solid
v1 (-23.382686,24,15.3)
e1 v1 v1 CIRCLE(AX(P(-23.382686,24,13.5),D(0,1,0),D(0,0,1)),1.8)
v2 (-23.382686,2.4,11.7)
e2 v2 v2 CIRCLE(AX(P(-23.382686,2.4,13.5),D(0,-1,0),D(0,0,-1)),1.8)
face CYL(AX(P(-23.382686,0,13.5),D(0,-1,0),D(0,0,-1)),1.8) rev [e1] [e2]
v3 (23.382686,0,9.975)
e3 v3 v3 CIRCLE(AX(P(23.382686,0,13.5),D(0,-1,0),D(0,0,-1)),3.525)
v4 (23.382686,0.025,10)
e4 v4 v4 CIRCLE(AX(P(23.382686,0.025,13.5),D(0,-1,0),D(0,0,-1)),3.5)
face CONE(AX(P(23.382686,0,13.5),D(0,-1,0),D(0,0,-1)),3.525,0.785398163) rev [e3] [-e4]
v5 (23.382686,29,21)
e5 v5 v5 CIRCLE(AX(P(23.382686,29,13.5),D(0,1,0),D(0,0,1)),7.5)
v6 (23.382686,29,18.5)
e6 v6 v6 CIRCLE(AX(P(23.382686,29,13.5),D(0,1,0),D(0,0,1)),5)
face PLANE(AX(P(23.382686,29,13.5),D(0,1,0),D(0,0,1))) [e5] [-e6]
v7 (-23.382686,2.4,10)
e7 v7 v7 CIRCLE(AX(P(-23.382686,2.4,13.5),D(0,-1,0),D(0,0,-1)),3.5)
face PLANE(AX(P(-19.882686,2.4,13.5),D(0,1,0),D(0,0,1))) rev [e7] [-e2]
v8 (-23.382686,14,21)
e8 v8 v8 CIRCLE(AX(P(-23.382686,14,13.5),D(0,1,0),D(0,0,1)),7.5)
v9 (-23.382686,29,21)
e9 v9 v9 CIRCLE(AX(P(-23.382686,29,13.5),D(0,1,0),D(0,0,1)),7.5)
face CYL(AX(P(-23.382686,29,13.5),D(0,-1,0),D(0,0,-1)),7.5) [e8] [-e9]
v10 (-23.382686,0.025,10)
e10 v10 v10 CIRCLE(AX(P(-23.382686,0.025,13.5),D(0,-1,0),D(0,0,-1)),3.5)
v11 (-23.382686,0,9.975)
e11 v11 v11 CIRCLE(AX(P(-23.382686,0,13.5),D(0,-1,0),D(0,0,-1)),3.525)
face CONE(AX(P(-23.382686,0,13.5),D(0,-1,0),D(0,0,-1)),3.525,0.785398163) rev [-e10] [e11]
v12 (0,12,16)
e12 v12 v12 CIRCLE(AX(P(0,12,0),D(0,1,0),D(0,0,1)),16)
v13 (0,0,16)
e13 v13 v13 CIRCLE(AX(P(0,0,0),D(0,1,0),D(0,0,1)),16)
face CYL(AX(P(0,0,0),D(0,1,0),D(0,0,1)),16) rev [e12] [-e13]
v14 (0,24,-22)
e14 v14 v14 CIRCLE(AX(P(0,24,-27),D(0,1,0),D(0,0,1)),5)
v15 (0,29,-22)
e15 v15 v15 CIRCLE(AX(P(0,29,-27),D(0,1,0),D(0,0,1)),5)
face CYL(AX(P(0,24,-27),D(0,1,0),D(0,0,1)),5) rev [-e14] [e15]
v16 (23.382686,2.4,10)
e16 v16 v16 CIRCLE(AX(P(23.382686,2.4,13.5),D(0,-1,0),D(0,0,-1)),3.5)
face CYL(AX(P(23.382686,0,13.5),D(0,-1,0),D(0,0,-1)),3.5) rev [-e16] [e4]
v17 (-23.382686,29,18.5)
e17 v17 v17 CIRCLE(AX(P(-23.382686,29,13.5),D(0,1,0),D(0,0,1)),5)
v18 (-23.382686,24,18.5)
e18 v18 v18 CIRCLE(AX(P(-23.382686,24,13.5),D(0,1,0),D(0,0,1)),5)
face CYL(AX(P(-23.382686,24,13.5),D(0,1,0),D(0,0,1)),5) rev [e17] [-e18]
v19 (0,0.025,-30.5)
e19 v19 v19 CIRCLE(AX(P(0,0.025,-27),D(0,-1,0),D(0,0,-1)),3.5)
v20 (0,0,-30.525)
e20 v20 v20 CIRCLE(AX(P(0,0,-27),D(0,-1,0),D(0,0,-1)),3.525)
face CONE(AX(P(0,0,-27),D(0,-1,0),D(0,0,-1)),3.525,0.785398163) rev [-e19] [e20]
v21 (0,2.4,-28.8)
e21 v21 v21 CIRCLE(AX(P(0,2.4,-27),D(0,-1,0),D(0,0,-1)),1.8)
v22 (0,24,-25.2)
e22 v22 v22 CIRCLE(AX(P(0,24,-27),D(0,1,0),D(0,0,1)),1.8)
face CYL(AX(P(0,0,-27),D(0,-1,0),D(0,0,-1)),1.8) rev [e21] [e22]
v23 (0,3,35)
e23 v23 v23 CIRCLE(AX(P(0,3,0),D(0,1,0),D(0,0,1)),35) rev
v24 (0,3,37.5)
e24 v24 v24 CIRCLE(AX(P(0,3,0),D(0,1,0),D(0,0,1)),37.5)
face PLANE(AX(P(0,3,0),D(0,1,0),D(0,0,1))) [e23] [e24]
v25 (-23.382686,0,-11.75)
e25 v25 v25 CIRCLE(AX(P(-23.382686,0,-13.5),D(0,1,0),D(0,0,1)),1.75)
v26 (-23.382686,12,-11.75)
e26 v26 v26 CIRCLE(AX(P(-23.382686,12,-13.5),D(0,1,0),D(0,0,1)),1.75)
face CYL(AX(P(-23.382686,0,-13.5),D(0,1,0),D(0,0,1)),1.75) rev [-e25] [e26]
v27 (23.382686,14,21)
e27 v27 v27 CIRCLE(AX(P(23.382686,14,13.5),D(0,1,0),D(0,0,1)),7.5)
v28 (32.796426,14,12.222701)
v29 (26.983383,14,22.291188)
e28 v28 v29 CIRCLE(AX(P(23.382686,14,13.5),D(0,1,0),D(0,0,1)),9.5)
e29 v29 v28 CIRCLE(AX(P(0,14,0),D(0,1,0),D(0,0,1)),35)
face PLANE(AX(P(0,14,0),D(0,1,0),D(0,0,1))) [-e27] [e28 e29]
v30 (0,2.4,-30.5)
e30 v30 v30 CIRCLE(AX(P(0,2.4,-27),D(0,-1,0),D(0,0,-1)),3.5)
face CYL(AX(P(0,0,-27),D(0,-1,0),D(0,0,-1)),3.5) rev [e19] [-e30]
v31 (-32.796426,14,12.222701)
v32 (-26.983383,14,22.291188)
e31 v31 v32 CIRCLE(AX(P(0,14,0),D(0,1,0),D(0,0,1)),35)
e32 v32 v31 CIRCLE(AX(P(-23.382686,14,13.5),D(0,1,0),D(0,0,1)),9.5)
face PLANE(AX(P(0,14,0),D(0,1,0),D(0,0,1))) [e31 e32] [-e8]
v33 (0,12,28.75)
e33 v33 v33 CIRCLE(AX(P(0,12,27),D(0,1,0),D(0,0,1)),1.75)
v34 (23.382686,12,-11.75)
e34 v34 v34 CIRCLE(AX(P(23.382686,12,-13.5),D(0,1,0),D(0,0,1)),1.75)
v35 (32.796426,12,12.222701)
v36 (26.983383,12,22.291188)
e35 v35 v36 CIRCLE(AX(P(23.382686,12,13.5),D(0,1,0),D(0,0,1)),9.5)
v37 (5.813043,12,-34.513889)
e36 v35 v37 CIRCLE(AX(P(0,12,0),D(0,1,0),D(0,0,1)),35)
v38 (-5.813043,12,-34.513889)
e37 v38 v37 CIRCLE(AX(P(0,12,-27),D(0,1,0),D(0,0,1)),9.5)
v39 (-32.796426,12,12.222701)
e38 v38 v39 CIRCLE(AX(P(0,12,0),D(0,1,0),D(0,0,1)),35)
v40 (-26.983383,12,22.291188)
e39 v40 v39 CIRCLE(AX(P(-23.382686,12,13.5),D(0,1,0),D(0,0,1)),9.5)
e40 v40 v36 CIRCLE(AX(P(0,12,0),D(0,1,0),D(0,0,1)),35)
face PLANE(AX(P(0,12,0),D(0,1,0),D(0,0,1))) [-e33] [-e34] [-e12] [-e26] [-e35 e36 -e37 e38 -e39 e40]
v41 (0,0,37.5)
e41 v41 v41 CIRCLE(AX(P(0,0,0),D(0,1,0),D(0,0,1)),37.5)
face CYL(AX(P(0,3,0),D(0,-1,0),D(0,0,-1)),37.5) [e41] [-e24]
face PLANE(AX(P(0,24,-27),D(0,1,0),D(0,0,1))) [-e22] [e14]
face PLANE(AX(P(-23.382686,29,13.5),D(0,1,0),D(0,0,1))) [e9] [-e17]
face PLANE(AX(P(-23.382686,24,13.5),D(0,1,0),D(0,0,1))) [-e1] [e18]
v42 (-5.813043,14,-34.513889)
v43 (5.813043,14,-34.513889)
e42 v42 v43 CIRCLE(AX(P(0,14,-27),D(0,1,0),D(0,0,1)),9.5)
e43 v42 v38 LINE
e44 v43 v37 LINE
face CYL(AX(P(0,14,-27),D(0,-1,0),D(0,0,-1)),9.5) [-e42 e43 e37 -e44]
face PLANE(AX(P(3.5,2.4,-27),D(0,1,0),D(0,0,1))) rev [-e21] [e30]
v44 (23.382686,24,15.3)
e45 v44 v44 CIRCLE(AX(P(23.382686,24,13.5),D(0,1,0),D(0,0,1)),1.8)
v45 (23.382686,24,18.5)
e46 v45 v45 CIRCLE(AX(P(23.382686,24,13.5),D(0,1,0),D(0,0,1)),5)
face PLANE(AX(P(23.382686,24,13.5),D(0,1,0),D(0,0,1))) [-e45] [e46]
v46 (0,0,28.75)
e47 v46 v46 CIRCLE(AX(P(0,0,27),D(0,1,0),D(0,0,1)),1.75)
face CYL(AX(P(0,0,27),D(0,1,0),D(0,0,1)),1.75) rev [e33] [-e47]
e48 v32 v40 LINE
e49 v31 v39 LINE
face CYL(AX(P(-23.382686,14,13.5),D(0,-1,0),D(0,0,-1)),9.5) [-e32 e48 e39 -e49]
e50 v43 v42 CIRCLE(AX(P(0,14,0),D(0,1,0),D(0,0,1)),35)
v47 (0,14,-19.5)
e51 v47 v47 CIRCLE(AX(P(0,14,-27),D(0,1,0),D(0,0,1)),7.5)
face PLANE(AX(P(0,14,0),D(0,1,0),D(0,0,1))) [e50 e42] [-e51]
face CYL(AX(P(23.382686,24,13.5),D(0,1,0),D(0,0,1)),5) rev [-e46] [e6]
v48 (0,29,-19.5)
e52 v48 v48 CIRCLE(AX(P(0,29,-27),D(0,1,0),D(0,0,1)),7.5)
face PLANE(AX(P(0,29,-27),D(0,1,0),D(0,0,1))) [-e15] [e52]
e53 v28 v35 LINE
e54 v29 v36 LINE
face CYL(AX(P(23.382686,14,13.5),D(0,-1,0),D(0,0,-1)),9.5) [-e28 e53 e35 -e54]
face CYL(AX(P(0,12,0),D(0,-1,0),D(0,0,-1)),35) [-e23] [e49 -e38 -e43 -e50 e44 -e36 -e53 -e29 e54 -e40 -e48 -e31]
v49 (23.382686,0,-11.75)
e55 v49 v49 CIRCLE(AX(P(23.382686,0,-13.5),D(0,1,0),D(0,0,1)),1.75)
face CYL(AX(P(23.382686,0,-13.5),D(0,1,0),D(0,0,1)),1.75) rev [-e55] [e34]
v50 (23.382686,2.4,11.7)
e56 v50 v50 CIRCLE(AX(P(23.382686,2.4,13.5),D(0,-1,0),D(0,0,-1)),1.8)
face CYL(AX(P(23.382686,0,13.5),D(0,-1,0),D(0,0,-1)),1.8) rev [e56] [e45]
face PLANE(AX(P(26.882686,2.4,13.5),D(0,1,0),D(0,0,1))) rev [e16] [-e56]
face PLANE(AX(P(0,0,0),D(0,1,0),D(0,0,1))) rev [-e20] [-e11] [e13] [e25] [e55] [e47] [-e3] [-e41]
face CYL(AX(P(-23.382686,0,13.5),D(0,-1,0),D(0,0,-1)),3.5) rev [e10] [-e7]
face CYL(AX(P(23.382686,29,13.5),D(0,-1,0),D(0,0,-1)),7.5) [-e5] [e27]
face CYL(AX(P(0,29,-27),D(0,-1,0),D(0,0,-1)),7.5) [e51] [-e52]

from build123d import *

# Parameters (mm, degrees)
SKETCH1_R                                     = 37.5
BOSS_EXTRUDE1_DEPTH                           = 3
SKETCH1_3_R                                   = 35
BOSS_EXTRUDE2_DEPTH                           = 12
SKETCH13_R                                    = 16
CUT_EXTRUDE6_DEPTH                            = 55.373706881
BOSS_EXTRUDE9_DEPTH                           = 2
SKETCH25_R                                    = 7.5
BOSS_EXTRUDE10_DEPTH                          = 15
SKETCH26_R                                    = 5
CUT_EXTRUDE9_DEPTH                            = 5
CBORE_FOR_M3_PAN_HEAD_MACHINE_SCREW1_AT_COUNT = 2
CBORE_FOR_M3_PAN_HEAD_MACHINE_SCREW1_AT_PITCH = 46.765371804
CBORE_FOR_M3_PAN_HEAD_MACHINE_SCREW1_2_COUNT  = 2
CBORE_FOR_M3_PAN_HEAD_MACHINE_SCREW1_2_PITCH  = 46.765371804
SKETCH29_R                                    = 1.75
CUT_EXTRUDE10_DEPTH                           = 56.691112397


with BuildPart() as part:
    # Sketch1 → Boss-Extrude1 (new body)
    with BuildSketch(Plane(origin=(0, 0, 0), x_dir=(1, 0, 0), z_dir=(0, 1, 0))):
        Circle(SKETCH1_R)
    extrude(amount=BOSS_EXTRUDE1_DEPTH)

    # Sketch1<3> → Boss-Extrude2 (add)
    with BuildSketch(Plane(origin=(0, 0, 0), x_dir=(1, 0, 0), z_dir=(0, 1, 0))):
        Circle(SKETCH1_3_R)
    extrude(amount=BOSS_EXTRUDE2_DEPTH)

    # Sketch13 → Cut-Extrude6 (cut, through all)
    with BuildSketch(Plane(origin=(0, 12, 0), x_dir=(1, 0, 0), z_dir=(0, 1, 0))):
        Circle(SKETCH13_R)
    extrude(amount=-CUT_EXTRUDE6_DEPTH, mode=Mode.SUBTRACT)

    # Sketch24 → Boss-Extrude9 (add)
    with BuildSketch(Plane(origin=(0, 12, 0), x_dir=(1, 0, 0), z_dir=(0, 1, 0))):
        with BuildLine():
            ThreePointArc((5.813043417, 34.513888889), (0, 35), (-5.813043417, 34.513888889))
            ThreePointArc((-5.813043417, 34.513888889), (0, 17.5), (5.813043417, 34.513888889))
        make_face()
        with BuildLine():
            ThreePointArc((-26.983382853, -22.291187717), (-15.155444566, -8.75), (-32.79642627, -12.222701172))
            ThreePointArc((-32.79642627, -12.222701172), (-30.310889132, -17.5), (-26.983382853, -22.291187717))
        make_face()
        with BuildLine():
            ThreePointArc((26.983382853, -22.291187717), (30.310889132, -17.5), (32.79642627, -12.222701172))
            ThreePointArc((32.79642627, -12.222701172), (15.155444566, -8.75), (26.983382853, -22.291187717))
        make_face()
    extrude(amount=BOSS_EXTRUDE9_DEPTH)

    # Sketch25 → Boss-Extrude10 (add)
    with BuildSketch(Plane(origin=(0, 14, 0), x_dir=(1, 0, 0), z_dir=(0, 1, 0))):
        with Locations((0, 27)):
            Circle(SKETCH25_R)
        with Locations((23.382685902, -13.5)):
            Circle(SKETCH25_R)
        with Locations((-23.382685902, -13.5)):
            Circle(SKETCH25_R)
    extrude(amount=BOSS_EXTRUDE10_DEPTH)

    # Sketch26 → Cut-Extrude9 (cut)
    with BuildSketch(Plane(origin=(0, 29, 0), x_dir=(1, 0, 0), z_dir=(0, 1, 0))):
        with Locations((0, 27)):
            Circle(SKETCH26_R)
        with Locations((23.382685902, -13.5)):
            Circle(SKETCH26_R)
        with Locations((-23.382685902, -13.5)):
            Circle(SKETCH26_R)
    extrude(amount=-CUT_EXTRUDE9_DEPTH, mode=Mode.SUBTRACT)

    # Sketch28 → CBORE for M3 Pan Head Machine Screw1 (revolve, cut)
    with BuildSketch(Plane(origin=(0, 0, -27), x_dir=(0, 0, -1), z_dir=(1, 0, 0))):
        Polygon((0, 0), (0, 29), (1.8, 29), (1.8, 2.4), (3.5, 2.4), (3.5, 0.025), (3.525, 0), align=None)
    cbore_for_m3_pan_head_machine_screw1 = revolve(axis=Axis((0, -6.35, -27), (0, 1, 0)), mode=Mode.SUBTRACT)

    # CBORE for M3 Pan Head Machine Screw1 at: CBORE for M3 Pan Head Machine Screw1 ×2
    with Locations(*[Vector(-0.5000000000000369, 0, 0.8660254037844174) * (i * CBORE_FOR_M3_PAN_HEAD_MACHINE_SCREW1_AT_PITCH) for i in range(1, CBORE_FOR_M3_PAN_HEAD_MACHINE_SCREW1_AT_COUNT)]):
        add(cbore_for_m3_pan_head_machine_screw1, mode=Mode.SUBTRACT)

    # CBORE for M3 Pan Head Machine Screw1 2: CBORE for M3 Pan Head Machine Screw1 ×2
    with Locations(*[Vector(0.49999999999996353, 0, 0.8660254037844598) * (i * CBORE_FOR_M3_PAN_HEAD_MACHINE_SCREW1_2_PITCH) for i in range(1, CBORE_FOR_M3_PAN_HEAD_MACHINE_SCREW1_2_COUNT)]):
        add(cbore_for_m3_pan_head_machine_screw1, mode=Mode.SUBTRACT)

    # Sketch29 → Cut-Extrude10 (cut, through all)
    with BuildSketch(Plane(origin=(0, 12, 0), x_dir=(1, 0, 0), z_dir=(0, 1, 0))):
        with Locations((23.382685902, 13.5)):
            Circle(SKETCH29_R)
        with Locations((0, -27)):
            Circle(SKETCH29_R)
        with Locations((-23.382685902, 13.5)):
            Circle(SKETCH29_R)
    extrude(amount=-CUT_EXTRUDE10_DEPTH, mode=Mode.SUBTRACT)


solid = part.part
